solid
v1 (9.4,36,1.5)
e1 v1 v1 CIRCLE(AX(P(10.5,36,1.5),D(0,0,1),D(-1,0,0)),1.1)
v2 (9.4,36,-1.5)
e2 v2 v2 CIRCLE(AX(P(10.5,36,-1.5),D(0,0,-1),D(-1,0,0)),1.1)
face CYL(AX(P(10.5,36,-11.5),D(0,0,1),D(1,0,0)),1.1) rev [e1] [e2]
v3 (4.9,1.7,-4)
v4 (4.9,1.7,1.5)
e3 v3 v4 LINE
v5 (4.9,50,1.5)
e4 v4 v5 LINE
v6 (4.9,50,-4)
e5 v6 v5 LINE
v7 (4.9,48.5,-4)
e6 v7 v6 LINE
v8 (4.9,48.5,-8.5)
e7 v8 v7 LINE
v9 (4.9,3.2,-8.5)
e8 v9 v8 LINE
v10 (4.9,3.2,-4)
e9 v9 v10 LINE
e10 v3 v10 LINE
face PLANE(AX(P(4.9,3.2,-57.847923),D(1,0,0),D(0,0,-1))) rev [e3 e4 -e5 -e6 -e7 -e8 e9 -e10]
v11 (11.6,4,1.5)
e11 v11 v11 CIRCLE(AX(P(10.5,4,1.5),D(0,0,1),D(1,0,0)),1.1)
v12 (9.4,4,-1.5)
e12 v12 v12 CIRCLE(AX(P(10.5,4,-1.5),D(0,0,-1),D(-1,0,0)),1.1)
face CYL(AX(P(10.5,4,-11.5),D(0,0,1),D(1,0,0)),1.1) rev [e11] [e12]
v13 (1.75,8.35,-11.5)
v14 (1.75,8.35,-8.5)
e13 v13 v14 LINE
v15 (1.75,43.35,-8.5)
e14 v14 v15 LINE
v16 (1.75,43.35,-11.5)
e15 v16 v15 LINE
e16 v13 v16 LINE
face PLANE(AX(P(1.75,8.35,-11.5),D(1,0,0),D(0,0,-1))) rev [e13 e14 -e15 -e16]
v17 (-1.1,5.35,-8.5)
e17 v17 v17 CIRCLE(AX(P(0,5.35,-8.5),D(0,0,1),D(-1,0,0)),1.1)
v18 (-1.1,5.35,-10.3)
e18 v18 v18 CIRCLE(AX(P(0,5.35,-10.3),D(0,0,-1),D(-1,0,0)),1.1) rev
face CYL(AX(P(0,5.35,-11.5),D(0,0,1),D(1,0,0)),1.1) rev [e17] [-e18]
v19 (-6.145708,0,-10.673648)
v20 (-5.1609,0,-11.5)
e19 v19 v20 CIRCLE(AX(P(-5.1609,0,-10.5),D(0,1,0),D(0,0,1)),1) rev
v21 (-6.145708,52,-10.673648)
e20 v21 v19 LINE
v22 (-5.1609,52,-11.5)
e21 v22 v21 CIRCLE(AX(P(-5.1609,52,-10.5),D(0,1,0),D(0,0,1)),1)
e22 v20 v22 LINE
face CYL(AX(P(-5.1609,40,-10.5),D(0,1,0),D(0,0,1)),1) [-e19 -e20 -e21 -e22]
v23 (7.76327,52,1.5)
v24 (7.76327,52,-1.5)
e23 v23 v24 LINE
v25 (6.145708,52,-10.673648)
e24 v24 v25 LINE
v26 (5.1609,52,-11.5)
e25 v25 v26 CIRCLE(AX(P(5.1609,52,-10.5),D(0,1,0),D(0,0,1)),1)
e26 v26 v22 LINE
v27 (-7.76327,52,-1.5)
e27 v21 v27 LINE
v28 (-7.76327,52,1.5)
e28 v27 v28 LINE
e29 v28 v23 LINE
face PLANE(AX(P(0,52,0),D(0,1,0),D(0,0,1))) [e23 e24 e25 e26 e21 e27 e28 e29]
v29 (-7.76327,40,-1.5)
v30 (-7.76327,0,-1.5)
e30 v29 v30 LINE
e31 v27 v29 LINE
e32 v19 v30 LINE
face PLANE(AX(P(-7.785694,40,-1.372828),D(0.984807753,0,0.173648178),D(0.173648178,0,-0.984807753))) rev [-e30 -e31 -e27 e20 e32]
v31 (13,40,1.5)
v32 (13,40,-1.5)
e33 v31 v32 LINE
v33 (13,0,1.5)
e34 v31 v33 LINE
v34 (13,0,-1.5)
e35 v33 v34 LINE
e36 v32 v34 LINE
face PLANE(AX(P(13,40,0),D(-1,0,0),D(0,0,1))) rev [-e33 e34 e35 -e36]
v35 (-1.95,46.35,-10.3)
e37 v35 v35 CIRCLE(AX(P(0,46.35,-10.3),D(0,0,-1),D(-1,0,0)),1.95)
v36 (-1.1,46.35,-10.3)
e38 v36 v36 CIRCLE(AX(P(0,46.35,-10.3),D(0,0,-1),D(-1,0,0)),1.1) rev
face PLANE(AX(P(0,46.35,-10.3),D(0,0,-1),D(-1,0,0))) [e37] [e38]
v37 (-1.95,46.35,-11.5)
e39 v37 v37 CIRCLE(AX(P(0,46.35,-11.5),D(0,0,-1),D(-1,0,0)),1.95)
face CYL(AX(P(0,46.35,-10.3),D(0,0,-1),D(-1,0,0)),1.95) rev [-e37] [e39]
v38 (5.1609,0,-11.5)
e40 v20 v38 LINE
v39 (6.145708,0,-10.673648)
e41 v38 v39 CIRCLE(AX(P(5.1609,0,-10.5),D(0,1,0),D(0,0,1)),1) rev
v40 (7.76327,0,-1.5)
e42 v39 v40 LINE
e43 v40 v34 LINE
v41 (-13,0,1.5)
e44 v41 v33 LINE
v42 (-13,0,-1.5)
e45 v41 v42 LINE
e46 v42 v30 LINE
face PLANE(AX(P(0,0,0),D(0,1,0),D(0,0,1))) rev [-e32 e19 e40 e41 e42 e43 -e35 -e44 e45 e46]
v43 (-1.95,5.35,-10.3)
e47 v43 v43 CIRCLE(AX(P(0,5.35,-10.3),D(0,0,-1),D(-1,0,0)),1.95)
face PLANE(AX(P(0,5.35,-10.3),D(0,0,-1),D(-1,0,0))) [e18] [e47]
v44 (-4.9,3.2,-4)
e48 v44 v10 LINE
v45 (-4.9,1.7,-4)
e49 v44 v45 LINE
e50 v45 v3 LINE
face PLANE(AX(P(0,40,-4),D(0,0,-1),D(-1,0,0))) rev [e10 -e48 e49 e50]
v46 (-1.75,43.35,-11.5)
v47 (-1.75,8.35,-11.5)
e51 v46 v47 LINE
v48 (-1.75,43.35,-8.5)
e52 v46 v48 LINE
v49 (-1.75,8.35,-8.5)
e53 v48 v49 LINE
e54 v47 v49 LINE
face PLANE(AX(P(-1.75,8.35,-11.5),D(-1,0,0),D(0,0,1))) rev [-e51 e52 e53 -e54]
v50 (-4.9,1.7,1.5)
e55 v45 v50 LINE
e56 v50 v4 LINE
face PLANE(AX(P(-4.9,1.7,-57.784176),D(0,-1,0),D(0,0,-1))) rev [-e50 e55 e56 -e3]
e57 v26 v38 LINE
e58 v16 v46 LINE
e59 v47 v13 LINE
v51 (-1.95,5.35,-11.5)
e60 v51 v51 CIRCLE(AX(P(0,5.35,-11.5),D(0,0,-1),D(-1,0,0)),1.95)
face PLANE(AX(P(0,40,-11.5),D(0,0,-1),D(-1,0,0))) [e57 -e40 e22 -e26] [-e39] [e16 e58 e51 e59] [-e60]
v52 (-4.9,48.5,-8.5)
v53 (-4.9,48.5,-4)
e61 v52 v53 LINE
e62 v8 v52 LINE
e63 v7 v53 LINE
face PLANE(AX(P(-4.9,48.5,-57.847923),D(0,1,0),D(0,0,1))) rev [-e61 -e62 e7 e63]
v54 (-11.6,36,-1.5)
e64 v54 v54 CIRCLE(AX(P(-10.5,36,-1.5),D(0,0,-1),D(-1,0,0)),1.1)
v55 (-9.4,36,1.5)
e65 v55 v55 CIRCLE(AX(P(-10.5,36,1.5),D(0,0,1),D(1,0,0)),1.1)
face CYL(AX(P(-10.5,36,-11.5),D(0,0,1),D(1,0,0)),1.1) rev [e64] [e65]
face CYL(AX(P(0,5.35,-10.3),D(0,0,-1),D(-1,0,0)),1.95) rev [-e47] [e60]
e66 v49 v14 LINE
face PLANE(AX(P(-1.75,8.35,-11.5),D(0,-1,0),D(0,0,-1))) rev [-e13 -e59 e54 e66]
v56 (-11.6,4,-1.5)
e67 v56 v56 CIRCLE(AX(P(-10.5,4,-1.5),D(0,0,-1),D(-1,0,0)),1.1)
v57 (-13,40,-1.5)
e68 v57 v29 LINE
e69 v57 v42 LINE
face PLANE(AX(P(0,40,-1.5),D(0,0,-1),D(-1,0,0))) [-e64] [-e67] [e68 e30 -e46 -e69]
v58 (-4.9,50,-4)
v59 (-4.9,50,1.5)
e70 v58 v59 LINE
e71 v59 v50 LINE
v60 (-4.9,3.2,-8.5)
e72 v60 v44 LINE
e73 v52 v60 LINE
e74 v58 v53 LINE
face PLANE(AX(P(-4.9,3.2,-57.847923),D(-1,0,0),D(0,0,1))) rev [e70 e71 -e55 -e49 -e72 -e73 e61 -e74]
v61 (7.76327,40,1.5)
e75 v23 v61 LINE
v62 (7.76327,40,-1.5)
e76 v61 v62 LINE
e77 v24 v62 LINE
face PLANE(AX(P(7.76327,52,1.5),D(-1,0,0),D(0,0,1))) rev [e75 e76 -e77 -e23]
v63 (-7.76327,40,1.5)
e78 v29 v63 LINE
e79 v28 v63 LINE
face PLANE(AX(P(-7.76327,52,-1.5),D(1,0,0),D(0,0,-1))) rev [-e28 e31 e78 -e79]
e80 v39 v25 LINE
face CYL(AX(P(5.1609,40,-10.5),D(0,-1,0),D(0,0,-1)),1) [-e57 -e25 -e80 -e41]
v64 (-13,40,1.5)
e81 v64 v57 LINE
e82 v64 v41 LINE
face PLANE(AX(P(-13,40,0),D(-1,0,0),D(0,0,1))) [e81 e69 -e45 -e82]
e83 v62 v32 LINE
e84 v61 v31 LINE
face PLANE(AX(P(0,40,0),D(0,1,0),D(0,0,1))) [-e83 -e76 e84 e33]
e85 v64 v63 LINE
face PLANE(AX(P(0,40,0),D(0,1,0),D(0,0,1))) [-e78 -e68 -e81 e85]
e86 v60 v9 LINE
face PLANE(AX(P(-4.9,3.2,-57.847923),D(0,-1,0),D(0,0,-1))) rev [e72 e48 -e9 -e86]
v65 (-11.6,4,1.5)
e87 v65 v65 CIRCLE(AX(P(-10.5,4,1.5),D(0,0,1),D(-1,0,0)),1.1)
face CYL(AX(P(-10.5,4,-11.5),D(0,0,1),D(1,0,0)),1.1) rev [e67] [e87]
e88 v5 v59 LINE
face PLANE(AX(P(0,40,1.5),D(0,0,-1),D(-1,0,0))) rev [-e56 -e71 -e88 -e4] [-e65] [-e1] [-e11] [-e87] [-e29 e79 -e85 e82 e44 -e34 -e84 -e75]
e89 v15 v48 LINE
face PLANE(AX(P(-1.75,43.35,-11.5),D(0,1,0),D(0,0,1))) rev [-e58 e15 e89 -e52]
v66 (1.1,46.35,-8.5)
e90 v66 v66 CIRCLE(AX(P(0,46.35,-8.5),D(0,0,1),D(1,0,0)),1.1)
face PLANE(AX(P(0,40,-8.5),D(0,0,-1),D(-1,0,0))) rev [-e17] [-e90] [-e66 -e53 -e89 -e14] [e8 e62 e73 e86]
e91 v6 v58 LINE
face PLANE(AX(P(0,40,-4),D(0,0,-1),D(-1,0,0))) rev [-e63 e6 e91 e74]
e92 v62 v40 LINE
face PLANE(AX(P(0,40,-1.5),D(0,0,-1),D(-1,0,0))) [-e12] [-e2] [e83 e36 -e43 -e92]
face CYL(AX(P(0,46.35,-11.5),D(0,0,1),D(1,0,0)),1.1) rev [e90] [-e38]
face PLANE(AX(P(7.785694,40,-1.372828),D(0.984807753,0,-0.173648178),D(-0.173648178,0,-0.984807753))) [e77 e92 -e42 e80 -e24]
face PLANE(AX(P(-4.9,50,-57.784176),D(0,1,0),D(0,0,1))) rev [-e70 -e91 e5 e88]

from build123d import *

# Parameters (mm, degrees)
EXTRUDE_1_DEPTH     = 40
EXTRUDE_2_DEPTH     = 12
SKETCH_3_W          = 9.8
SKETCH_3_H          = 45.3
CUT_EXTRUDE_1_DEPTH = 10
SKETCH_4_W          = 9.8
SKETCH_4_H          = 48.3
CUT_EXTRUDE_2_DEPTH = 5.5
SKETCH_5_R          = 1.1
CUT_EXTRUDE_3_DEPTH = 56.154328933
SKETCH_6_W          = 3.5
SKETCH_6_H          = 35
CUT_EXTRUDE_4_DEPTH = 55.525223521
SKETCH_7_R          = 1.1
CUT_EXTRUDE_5_DEPTH = 55.525223521
SKETCH_8_R          = 1.95
CUT_EXTRUDE_6_DEPTH = 1.2
FILLET_2_R          = 1


with BuildPart() as part:
    # 草图1 → 凸台-拉伸1 (new body)
    with BuildSketch(Plane(origin=(0, 0, 0), x_dir=(1, 0, 0), z_dir=(0, 1, 0))):
        Polygon((-6, 11.5), (-7.763269807, 1.5), (7.763269807, 1.5), (6, 11.5), align=None)
        Polygon((-7.763269807, 1.5), (-8.292250749, -1.5), (8.292250749, -1.5), (7.763269807, 1.5), align=None)
        Polygon((-13, 1.5), (-13, -1.5), (-8.292250749, -1.5), (-7.763269807, 1.5), align=None)
        Polygon((7.763269807, 1.5), (8.292250749, -1.5), (13, -1.5), (13, 1.5), align=None)
    extrude(amount=EXTRUDE_1_DEPTH)

    # 草图2 → 凸台-拉伸2 (add)
    with BuildSketch(Plane(origin=(0, 40, 0), x_dir=(1, 0, 0), z_dir=(0, 1, 0))):
        Polygon((6, 11.5), (7.763269807, 1.5), (7.763269807, -1.5), (-7.763269807, -1.5), (-7.763269807, 1.5), (-6, 11.5), align=None)
    extrude(amount=EXTRUDE_2_DEPTH)

    # 草图3 → 切除-拉伸1 (cut)
    with BuildSketch(Plane.XY.offset(1.5)):
        with Locations((0, 25.85)):
            Rectangle(SKETCH_3_W, SKETCH_3_H)
    extrude(amount=-CUT_EXTRUDE_1_DEPTH, mode=Mode.SUBTRACT)

    # 草图4 → 切除-拉伸2 (cut)
    with BuildSketch(Plane.XY.offset(1.5)):
        with Locations((0, 25.85)):
            Rectangle(SKETCH_4_W, SKETCH_4_H)
    extrude(amount=-CUT_EXTRUDE_2_DEPTH, mode=Mode.SUBTRACT)

    # 草图5 → 切除-拉伸3 (cut, through all)
    with BuildSketch(Plane.XY.offset(1.5)):
        with Locations((-10.5, 36)):
            Circle(SKETCH_5_R)
        with Locations(Location((-10.5, 4, 0), (0, 0, 180))):
            Circle(SKETCH_5_R)
        with Locations((10.5, 4)):
            Circle(SKETCH_5_R)
        with Locations(Location((10.5, 36, 0), (0, 0, 180))):
            Circle(SKETCH_5_R)
    extrude(amount=-CUT_EXTRUDE_3_DEPTH, mode=Mode.SUBTRACT)

    # 草图6 → 切除-拉伸4 (cut, through all)
    with BuildSketch(Plane.XY.offset(-8.5)):
        with Locations((0, 25.85)):
            Rectangle(SKETCH_6_W, SKETCH_6_H)
    extrude(amount=-CUT_EXTRUDE_4_DEPTH, mode=Mode.SUBTRACT)

    # 草图7 → 切除-拉伸5 (cut, through all)
    with BuildSketch(Plane.XY.offset(-8.5)):
        with Locations((0, 46.35)):
            Circle(SKETCH_7_R)
        with Locations(Location((0, 5.35, 0), (0, 0, 180))):
            Circle(SKETCH_7_R)
    extrude(amount=-CUT_EXTRUDE_5_DEPTH, mode=Mode.SUBTRACT)

    # 草图8 → 切除-拉伸6 (cut)
    with BuildSketch(Plane(origin=(0, 0, -11.5), x_dir=(-1, 0, 0), z_dir=(0, 0, -1))):
        with Locations((0, 46.35)):
            Circle(SKETCH_8_R)
        with Locations((0, 5.35)):
            Circle(SKETCH_8_R)
    extrude(amount=-CUT_EXTRUDE_6_DEPTH, mode=Mode.SUBTRACT)

    # 圆角2
    fillet_2_edges = [part.edges().sort_by_distance(p)[0] for p in [
        (6, 26, -11.5),
        (-6, 26, -11.5),
    ]]
    fillet(fillet_2_edges, radius=FILLET_2_R)


solid = part.part
